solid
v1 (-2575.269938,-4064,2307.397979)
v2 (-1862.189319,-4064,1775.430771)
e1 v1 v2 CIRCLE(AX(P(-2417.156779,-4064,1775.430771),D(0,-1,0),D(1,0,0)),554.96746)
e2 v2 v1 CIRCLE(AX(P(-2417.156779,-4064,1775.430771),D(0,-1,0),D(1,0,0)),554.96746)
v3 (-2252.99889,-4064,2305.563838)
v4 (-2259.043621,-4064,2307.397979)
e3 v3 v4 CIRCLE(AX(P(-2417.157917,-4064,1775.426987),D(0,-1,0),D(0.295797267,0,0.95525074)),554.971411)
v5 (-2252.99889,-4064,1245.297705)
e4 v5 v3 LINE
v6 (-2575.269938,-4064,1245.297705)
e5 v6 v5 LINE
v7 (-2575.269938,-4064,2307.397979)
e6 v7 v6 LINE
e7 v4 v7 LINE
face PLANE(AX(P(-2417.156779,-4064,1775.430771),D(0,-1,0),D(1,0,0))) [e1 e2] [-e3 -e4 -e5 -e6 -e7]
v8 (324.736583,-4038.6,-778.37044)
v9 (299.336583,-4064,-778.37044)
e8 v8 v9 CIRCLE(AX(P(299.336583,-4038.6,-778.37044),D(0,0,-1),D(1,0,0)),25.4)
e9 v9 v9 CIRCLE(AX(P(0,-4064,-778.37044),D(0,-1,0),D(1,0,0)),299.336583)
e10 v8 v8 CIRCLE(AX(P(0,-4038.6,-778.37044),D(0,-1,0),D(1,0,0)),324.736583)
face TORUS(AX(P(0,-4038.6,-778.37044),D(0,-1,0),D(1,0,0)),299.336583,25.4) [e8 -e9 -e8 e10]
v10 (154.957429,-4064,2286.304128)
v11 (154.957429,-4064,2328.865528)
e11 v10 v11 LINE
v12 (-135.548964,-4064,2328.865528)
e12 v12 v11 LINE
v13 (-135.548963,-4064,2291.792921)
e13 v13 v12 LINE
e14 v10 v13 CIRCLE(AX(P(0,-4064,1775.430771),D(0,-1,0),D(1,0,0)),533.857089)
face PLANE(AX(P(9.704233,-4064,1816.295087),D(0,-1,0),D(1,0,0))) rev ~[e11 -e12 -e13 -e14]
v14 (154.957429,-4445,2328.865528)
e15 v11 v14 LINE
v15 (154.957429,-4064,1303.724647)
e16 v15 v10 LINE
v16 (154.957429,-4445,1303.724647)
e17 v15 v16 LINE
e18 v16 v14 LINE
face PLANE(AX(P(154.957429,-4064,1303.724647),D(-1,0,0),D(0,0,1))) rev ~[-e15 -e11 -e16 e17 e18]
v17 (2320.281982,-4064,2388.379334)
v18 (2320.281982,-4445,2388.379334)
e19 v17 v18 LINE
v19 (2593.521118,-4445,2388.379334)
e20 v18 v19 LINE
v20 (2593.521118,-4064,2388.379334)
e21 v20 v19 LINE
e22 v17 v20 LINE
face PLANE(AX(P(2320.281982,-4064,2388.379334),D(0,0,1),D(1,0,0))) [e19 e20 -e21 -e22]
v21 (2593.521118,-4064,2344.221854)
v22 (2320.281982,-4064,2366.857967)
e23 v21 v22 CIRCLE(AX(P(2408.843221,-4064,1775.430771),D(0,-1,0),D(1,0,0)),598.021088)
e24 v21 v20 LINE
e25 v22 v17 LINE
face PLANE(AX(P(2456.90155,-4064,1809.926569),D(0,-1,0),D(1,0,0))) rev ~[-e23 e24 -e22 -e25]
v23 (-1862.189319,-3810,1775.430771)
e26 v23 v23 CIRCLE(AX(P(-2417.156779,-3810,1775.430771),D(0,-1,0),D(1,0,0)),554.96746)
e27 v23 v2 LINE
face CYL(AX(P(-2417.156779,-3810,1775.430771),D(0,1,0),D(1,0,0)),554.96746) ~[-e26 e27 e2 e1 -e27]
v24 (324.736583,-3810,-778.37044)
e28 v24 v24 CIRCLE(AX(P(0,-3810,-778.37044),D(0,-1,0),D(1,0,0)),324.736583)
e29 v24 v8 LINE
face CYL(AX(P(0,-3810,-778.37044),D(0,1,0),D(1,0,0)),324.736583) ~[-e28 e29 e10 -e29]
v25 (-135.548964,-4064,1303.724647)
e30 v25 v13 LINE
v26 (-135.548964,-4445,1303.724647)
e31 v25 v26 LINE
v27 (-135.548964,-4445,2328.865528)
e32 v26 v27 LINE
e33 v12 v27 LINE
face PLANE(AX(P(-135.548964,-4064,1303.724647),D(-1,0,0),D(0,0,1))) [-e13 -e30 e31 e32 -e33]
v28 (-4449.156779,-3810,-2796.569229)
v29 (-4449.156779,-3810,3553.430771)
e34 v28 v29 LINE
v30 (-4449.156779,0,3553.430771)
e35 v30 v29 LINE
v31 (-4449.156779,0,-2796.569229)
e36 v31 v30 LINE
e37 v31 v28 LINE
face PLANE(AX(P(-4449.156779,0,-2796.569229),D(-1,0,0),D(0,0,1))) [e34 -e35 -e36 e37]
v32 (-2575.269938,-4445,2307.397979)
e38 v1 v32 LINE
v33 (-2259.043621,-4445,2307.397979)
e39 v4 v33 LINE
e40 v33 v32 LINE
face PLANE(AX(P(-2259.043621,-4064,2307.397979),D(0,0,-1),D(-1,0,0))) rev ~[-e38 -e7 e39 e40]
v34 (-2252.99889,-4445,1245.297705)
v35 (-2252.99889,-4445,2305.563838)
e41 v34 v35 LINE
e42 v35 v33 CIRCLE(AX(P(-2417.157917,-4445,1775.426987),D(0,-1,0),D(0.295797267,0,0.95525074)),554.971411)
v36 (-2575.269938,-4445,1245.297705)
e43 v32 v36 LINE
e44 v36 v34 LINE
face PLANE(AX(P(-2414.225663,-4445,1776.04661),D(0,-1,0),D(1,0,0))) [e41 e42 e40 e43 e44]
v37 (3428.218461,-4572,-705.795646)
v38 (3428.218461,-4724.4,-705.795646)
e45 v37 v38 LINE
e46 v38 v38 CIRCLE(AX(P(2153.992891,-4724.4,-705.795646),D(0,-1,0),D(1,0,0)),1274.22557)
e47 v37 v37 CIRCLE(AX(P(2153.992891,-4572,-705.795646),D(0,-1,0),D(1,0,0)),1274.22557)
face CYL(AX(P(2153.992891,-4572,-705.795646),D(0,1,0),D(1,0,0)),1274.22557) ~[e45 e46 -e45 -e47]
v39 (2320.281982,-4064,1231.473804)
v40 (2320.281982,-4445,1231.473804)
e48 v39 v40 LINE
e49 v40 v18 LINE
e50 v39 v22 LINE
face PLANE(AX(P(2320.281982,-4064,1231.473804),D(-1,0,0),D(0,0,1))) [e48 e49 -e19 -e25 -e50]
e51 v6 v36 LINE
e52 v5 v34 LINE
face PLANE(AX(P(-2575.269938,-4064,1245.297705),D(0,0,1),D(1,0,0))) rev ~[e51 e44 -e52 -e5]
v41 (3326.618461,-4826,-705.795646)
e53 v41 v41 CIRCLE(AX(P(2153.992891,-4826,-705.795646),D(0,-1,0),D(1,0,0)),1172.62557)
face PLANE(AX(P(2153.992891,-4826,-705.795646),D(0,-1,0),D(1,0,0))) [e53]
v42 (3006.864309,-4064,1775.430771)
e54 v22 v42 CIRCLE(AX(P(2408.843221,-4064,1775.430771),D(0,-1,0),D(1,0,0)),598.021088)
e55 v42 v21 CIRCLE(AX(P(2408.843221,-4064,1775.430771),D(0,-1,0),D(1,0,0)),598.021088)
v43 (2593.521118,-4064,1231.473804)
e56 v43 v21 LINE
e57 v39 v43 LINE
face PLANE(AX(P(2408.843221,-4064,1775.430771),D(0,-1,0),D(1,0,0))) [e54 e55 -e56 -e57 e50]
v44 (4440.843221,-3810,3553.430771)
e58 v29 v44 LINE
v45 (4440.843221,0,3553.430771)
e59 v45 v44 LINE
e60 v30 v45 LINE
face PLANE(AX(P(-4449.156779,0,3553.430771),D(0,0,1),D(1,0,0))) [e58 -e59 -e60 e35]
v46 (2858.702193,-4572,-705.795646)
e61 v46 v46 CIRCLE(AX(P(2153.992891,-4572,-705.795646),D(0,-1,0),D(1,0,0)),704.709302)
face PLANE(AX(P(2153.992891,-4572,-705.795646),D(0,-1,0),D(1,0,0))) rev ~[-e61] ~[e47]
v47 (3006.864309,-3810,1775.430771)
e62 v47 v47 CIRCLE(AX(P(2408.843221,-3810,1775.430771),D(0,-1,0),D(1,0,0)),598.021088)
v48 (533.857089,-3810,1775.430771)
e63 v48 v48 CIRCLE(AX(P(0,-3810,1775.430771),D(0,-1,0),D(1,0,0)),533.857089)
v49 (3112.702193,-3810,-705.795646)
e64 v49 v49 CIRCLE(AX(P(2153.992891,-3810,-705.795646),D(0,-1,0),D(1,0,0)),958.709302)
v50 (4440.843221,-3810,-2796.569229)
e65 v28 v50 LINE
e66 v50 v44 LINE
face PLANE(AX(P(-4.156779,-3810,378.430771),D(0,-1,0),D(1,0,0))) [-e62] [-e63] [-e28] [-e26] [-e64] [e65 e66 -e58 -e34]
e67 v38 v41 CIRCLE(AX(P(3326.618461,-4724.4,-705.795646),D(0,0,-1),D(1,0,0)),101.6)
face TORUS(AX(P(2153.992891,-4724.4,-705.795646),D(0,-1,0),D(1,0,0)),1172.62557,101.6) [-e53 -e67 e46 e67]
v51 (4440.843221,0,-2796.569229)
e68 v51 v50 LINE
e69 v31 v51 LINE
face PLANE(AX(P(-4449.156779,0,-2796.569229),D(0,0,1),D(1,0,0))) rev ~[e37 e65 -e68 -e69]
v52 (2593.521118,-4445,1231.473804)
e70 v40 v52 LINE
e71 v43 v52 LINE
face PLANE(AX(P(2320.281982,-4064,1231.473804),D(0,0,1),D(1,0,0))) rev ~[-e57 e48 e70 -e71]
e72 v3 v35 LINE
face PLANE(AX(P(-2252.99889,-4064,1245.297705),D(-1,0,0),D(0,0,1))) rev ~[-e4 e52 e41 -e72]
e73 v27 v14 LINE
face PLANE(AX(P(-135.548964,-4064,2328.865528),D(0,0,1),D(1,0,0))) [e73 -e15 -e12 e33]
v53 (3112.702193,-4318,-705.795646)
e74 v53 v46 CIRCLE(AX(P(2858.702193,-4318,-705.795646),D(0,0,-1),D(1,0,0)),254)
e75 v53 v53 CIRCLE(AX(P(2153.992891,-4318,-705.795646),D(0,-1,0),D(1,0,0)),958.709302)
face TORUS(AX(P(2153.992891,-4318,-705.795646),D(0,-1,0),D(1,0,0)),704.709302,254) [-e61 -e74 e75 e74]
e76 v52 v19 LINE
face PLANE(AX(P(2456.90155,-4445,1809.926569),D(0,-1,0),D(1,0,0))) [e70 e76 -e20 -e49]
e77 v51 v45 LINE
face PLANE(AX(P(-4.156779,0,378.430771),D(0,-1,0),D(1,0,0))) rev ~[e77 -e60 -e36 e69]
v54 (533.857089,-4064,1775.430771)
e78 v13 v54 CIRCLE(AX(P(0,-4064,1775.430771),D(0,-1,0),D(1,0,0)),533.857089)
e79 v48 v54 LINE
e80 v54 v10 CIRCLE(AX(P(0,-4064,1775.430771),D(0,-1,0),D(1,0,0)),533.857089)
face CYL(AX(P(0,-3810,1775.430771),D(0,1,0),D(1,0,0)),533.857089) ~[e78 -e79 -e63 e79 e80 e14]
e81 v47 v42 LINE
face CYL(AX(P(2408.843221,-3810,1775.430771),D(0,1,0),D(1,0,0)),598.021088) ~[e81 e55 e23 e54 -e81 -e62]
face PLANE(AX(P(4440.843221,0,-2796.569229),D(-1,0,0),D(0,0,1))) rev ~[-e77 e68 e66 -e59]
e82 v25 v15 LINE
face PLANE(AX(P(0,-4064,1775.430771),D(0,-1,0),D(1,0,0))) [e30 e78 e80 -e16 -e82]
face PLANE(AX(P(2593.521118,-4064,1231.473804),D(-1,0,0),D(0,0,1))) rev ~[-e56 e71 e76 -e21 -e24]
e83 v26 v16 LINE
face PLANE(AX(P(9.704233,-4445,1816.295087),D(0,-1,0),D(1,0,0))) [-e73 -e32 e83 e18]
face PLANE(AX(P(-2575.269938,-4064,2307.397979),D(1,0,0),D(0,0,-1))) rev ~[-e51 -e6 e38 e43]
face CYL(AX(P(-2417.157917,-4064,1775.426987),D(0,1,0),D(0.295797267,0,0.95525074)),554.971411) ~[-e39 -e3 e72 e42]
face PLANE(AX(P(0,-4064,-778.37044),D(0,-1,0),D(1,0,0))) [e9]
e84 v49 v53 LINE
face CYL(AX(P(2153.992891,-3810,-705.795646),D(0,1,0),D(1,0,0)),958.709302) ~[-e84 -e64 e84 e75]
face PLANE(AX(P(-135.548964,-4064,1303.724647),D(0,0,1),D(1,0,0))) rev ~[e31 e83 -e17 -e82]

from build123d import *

# Parameters (mm, degrees)
F0_W      = 8890
F0_H      = 6350
F1_DEPTH  = 3810
F2_R      = 554.96746
F2_R_2    = 533.857089
F2_R_3    = 598.021088
F3_DEPTH  = 254
F4_W      = 290.506393
F4_H      = 1025.140881
F4_W_2    = 273.239136
F4_H_2    = 1156.905531
F5_DEPTH  = 381
F6_R      = 324.736583
F7_DEPTH  = 254
F8_R      = 25.4
F9_R      = 958.709302
F10_DEPTH = 762
F11_R     = 254
F12_R     = 1274.22557
F13_DEPTH = 254
F14_R     = 101.6


with BuildPart() as f1:
    # F0 (on Front) → F1 (new body)
    with BuildSketch(Plane.XZ):
        with Locations((-4.156779, 378.430771)):
            Rectangle(F0_W, F0_H)
    extrude(amount=F1_DEPTH)

    # F2 (on face) → F3 (join)
    with BuildSketch(Plane.XZ.offset(3810)):
        with Locations((-2417.156779, 1775.430771)):
            Circle(F2_R)
        with Locations((0, 1775.430771)):
            Circle(F2_R_2)
        with Locations((2408.843221, 1775.430771)):
            Circle(F2_R_3)
    extrude(amount=F3_DEPTH)

    # F4 (on face) → F5 (join)
    with BuildSketch(Plane.XZ.offset(4064)):
        with BuildLine():
            Line((-2259.043621, 2307.397979), (-2575.269938, 2307.397979))
            Line((-2575.269938, 2307.397979), (-2575.269938, 1245.297705))
            Line((-2575.269938, 1245.297705), (-2252.99889, 1245.297705))
            Line((-2252.99889, 1245.297705), (-2252.99889, 2305.563838))
            ThreePointArc((-2252.99889, 2305.563838), (-2256.018646, 2306.489509), (-2259.043621, 2307.397979))
        make_face()
        with Locations((9.704233, 1816.295087)):
            Rectangle(F4_W, F4_H)
        with Locations((2456.90155, 1809.926569)):
            Rectangle(F4_W_2, F4_H_2)
    extrude(amount=F5_DEPTH)

    # F6 (on face) → F7 (join)
    with BuildSketch(Plane.XZ.offset(3810)):
        with Locations((0, -778.37044)):
            Circle(F6_R)
    extrude(amount=F7_DEPTH)

    # F8
    f8_edges = [f1.edges().sort_by_distance(p)[0] for p in [
        (-324.736583, -4064, -778.37044),
    ]]
    fillet(f8_edges, radius=F8_R)

    # F9 (on face) → F10 (join)
    with BuildSketch(Plane.XZ.offset(3810)):
        with Locations((2153.992891, -705.795646)):
            Circle(F9_R)
    extrude(amount=F10_DEPTH)

    # F11
    f11_edges = [f1.edges().sort_by_distance(p)[0] for p in [
        (1195.283589, -4572, -705.795646),
    ]]
    fillet(f11_edges, radius=F11_R)

    # F12 (on face) → F13 (join)
    with BuildSketch(Plane.XZ.offset(4572)):
        with Locations((2153.992891, -705.795646)):
            Circle(F12_R)
    extrude(amount=F13_DEPTH)

    # F14
    f14_edges = [f1.edges().sort_by_distance(p)[0] for p in [
        (879.767321, -4826, -705.795646),
    ]]
    fillet(f14_edges, radius=F14_R)


solid = f1.part
